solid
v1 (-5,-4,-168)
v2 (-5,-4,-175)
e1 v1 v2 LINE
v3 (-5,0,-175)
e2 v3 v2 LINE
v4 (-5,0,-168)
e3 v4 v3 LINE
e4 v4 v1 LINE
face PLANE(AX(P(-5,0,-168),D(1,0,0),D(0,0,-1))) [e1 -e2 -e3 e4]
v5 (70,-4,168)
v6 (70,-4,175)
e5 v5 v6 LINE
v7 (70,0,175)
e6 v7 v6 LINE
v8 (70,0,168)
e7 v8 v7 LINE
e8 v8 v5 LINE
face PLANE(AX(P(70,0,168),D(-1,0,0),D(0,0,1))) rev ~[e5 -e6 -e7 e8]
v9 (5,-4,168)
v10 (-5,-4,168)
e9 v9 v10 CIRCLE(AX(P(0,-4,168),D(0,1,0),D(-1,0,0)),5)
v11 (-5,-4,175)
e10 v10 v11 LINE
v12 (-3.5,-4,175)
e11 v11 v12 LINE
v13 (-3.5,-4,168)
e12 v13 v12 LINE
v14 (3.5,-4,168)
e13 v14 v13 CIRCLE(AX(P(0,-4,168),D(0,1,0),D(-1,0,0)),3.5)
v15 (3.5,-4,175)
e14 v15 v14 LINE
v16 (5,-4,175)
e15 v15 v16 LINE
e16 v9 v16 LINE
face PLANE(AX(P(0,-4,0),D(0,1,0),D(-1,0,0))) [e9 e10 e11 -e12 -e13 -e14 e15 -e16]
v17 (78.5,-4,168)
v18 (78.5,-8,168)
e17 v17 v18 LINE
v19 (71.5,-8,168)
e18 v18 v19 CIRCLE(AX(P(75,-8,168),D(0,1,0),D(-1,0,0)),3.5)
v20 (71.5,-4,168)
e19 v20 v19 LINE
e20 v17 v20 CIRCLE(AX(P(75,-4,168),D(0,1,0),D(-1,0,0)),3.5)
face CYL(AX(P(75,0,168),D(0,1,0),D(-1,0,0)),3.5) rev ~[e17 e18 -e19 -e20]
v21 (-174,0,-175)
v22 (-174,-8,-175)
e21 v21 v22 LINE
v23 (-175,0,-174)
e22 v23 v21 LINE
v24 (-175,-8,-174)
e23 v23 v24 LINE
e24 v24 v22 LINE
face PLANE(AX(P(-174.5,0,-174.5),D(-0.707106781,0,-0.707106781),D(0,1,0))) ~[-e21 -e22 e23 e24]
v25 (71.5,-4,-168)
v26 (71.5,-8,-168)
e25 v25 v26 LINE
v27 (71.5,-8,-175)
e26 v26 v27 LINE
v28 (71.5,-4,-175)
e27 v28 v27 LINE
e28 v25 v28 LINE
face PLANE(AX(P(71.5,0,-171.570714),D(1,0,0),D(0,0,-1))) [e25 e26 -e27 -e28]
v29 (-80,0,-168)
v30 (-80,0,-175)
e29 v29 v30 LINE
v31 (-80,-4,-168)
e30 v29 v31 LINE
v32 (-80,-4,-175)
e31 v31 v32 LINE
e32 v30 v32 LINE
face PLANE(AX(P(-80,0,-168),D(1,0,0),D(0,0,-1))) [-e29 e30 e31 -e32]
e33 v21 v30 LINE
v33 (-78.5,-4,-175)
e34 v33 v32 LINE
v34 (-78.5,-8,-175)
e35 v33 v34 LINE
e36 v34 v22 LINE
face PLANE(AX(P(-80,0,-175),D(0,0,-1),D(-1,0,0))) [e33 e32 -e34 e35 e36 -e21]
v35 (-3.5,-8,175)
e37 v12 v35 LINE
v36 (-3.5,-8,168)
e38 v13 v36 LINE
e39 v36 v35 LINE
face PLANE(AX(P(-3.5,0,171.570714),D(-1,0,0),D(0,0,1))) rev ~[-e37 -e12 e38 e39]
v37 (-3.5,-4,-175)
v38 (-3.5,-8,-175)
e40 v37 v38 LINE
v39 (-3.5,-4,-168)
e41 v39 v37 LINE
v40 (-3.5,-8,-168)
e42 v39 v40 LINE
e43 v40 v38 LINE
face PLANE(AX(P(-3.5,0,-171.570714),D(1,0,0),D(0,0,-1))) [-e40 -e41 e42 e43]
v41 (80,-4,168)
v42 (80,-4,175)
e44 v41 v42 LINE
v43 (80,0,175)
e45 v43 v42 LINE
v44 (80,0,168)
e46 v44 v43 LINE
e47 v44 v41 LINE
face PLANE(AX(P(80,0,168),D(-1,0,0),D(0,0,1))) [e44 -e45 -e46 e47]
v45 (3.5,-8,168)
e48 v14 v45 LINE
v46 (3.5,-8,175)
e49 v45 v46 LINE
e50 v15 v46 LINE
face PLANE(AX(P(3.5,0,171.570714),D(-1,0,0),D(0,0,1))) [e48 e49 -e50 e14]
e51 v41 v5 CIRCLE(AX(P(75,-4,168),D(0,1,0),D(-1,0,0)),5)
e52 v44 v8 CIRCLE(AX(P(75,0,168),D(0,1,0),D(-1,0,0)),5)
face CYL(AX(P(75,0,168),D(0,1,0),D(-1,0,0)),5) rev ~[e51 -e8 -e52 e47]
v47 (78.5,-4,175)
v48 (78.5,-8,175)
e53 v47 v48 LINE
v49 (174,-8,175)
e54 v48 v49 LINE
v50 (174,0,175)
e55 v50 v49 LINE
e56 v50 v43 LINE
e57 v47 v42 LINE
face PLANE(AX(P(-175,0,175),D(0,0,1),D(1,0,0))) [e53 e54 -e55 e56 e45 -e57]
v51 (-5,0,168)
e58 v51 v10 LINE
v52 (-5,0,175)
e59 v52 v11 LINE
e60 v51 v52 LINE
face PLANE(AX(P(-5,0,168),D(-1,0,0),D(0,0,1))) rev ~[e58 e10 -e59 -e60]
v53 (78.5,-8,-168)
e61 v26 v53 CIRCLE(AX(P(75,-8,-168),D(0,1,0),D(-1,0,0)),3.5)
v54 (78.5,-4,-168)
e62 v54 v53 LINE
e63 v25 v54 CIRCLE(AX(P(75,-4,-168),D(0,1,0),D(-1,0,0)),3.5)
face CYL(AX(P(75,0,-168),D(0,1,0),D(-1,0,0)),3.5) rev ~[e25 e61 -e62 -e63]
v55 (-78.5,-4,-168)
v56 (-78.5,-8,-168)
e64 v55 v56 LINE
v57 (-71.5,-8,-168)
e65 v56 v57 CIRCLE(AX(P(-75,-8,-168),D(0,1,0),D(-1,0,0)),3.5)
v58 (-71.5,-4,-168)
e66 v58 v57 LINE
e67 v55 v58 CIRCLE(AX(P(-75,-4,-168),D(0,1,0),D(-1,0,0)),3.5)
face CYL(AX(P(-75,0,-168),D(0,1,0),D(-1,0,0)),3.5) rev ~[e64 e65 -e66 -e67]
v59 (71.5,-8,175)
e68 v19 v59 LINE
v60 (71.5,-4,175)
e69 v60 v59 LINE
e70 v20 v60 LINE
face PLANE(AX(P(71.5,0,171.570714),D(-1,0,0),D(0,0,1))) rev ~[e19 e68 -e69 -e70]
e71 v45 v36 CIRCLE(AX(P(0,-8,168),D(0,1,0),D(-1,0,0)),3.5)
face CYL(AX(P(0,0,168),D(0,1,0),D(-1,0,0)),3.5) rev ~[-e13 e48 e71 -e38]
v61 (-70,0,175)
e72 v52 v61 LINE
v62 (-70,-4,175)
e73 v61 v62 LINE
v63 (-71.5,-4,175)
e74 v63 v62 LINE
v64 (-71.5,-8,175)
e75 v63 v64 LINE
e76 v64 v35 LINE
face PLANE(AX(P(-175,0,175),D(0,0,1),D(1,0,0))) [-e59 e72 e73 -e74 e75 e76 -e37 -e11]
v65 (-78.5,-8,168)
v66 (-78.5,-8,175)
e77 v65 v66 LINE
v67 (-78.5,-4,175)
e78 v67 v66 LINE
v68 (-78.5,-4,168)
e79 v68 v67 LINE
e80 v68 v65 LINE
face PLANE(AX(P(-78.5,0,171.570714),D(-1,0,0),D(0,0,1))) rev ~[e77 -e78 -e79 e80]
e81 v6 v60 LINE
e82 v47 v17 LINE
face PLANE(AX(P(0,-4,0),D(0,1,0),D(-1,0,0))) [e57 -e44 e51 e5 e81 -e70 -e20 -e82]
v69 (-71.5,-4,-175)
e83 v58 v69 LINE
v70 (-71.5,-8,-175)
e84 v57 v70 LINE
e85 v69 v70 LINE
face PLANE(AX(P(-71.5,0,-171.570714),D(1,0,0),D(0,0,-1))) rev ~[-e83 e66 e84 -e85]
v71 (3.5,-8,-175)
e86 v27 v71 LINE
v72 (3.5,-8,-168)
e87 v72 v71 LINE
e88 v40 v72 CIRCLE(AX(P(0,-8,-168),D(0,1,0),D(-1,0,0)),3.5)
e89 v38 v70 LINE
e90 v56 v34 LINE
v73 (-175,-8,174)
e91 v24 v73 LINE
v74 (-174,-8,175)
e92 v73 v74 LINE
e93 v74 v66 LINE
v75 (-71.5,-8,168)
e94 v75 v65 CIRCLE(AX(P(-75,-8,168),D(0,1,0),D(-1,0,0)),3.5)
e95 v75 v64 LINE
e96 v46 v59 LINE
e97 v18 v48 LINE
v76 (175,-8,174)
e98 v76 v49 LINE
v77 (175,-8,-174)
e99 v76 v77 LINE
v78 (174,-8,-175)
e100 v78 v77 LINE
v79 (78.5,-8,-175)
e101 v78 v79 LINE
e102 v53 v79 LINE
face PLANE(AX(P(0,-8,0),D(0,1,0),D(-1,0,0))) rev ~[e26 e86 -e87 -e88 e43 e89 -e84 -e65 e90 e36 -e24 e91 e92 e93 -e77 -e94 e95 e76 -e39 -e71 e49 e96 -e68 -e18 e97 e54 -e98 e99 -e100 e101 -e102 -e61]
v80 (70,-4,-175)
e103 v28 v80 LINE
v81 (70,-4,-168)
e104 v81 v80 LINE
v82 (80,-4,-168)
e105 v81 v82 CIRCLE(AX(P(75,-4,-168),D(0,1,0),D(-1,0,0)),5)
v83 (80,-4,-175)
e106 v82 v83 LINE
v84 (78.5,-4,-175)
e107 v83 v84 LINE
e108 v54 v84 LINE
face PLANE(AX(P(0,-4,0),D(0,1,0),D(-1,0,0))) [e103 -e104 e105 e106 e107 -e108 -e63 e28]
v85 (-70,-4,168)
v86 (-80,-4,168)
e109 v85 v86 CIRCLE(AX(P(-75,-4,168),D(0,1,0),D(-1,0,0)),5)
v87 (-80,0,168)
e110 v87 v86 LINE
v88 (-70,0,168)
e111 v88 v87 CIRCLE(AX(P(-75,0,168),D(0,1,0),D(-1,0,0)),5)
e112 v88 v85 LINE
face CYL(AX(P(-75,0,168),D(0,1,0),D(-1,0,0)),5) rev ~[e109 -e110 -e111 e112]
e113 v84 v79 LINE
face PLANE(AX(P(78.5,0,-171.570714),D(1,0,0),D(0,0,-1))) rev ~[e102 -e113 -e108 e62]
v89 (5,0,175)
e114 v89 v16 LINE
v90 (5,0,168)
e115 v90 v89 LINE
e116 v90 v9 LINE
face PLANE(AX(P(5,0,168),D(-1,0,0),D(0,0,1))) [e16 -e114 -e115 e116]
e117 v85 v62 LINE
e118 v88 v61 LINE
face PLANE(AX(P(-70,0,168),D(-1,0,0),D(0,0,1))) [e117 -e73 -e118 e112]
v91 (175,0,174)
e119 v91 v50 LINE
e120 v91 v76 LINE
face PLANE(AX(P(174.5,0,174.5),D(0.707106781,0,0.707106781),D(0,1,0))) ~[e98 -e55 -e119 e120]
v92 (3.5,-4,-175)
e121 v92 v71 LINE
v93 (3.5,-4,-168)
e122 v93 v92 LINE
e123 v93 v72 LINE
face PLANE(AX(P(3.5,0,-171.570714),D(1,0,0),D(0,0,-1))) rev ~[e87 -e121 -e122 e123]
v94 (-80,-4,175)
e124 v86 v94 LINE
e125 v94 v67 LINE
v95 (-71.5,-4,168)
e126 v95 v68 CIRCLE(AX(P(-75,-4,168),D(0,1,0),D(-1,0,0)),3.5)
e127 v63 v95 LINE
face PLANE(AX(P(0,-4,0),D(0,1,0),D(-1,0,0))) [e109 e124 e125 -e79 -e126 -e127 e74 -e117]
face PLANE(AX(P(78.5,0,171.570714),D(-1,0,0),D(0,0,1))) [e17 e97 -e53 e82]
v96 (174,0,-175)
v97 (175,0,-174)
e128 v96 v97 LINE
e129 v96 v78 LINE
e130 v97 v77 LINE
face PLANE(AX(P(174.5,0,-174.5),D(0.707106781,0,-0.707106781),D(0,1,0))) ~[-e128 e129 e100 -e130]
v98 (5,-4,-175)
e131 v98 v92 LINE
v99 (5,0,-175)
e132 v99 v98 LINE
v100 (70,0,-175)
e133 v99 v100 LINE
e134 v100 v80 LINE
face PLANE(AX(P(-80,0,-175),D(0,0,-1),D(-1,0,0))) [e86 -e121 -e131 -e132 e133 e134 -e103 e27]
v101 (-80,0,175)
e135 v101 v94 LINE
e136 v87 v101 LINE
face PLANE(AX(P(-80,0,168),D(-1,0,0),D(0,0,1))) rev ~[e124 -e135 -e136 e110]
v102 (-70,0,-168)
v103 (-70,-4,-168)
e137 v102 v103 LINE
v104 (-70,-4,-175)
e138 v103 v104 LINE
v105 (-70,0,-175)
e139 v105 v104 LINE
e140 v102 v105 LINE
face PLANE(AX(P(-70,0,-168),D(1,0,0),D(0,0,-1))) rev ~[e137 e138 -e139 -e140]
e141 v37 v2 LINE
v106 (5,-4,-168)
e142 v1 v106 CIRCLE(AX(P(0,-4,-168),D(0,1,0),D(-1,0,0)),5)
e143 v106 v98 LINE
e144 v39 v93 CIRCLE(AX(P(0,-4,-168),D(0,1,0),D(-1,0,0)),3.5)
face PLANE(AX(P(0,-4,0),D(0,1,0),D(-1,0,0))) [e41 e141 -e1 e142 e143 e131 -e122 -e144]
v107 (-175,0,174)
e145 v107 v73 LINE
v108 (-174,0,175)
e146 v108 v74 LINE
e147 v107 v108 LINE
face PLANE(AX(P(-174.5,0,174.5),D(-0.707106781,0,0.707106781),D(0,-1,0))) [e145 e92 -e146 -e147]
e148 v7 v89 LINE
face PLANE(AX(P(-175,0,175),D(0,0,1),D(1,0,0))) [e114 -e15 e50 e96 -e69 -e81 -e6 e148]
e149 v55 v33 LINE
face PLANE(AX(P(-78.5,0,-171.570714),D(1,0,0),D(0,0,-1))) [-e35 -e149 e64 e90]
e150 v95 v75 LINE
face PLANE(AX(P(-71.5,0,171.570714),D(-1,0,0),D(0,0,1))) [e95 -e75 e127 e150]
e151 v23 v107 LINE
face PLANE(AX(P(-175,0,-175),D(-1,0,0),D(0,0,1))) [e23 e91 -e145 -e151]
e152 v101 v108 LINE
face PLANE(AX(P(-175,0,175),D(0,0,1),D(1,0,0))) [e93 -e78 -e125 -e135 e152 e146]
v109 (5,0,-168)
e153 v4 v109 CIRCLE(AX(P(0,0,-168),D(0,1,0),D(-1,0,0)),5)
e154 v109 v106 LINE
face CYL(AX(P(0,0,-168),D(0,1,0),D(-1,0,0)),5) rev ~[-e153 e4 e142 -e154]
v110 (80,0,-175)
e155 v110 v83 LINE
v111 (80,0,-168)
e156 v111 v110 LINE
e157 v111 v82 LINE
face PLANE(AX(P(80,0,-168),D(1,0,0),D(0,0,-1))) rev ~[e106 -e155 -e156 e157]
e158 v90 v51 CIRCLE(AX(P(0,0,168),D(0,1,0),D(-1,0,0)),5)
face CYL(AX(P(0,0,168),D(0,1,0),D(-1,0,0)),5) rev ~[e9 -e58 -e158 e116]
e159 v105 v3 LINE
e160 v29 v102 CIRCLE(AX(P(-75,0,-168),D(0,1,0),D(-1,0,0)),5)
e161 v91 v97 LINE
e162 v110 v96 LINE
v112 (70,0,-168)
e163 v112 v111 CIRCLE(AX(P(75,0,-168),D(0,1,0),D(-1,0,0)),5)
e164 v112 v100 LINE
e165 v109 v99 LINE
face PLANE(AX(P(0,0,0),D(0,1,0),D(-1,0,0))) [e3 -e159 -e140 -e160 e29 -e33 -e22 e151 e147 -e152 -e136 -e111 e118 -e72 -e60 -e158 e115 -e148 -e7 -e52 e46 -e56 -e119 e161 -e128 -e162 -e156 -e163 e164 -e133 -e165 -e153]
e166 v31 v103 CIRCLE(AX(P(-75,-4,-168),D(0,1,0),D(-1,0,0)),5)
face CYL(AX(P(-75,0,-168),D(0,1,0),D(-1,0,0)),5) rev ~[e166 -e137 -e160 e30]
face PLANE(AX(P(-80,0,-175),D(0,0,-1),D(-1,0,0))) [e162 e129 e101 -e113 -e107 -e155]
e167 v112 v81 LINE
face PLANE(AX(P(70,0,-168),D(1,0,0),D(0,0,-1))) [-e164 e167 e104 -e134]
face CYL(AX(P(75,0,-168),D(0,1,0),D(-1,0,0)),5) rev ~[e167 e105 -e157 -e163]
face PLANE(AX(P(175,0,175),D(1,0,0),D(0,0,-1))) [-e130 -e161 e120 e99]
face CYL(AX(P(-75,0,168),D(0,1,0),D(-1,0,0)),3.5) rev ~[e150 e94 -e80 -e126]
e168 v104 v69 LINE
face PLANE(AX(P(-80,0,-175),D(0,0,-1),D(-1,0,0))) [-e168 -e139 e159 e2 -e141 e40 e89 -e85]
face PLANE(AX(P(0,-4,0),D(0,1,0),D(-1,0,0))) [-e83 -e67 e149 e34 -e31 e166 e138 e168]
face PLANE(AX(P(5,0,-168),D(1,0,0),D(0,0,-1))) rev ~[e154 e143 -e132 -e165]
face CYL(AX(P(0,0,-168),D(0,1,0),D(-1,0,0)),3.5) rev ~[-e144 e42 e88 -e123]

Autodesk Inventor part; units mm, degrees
ref_plane "YZ Plane" through (0, 0, 0) normal (1, 0, 0) x (0, 1, 0)
ref_plane "XZ Plane" through (0, 0, 0) normal (0, 1, 0) x (-1, 0, 0)
ref_plane "XY Plane" through (0, 0, 0) normal (0, 0, 1) x (1, 0, 0)
sketch "Skizze1" plane through (0, 0, 0) normal (0, 1, 0) x (-1, 0, 0)
  line L0 (175, 175) -> (-175, 175)
  line L1 (-175, 175) -> (-175, -175)
  line L2 (-175, -175) -> (175, -175)
  line L3 (175, -175) -> (175, 175)
  line L4 (175, 175) -> (-175, -175) construction
  line L5 (-175, 175) -> (175, -175) construction
  circle A0 centre (75, -168) radius 3.5
  line L6 (78.5, -168) -> (78.5, -175)
  line L7 (71.5, -168) -> (71.5, -175)
  circle A1 centre (-75, -168) radius 3.5
  line L8 (-71.5, -168) -> (-71.5, -175)
  line L9 (-78.5, -168) -> (-78.5, -175)
  circle A2 centre (0, -168) radius 3.5
  line L10 (3.5, -168) -> (3.5, -175)
  line L11 (-3.5, -168) -> (-3.5, -175)
  line L12 (245, 0) -> (-245, 0) construction
  line L13 (0, -245) -> (0, 245) construction
  circle A3 centre (0, -168) radius 5
  line L14 (5, -168) -> (5, -175)
  line L15 (-5, -168) -> (-5, -175)
  line L16 (3.5, -175) -> (-3.5, -175)
  line L17 (-5, -175) -> (5, -175)
  circle A4 centre (75, -168) radius 5
  circle A5 centre (-75, -168) radius 5
  line L18 (80, -168) -> (80, -175)
  line L19 (70, -168) -> (70, -175)
  line L20 (78.5, -175) -> (71.5, -175)
  line L21 (70, -175) -> (80, -175)
  line L22 (-80, -168) -> (-80, -175)
  line L23 (-70, -168) -> (-70, -175)
  line L24 (-70, -175) -> (-80, -175)
  line L25 (-78.5, -175) -> (-71.5, -175)
  circle A6 centre (75, 168) radius 3.5
  line L26 (78.5, 168) -> (78.5, 175)
  line L27 (71.5, 168) -> (71.5, 175)
  circle A7 centre (-75, 168) radius 3.5
  line L28 (-71.5, 168) -> (-71.5, 175)
  line L29 (-78.5, 168) -> (-78.5, 175)
  circle A8 centre (0, 168) radius 3.5
  line L30 (3.5, 168) -> (3.5, 175)
  line L31 (-3.5, 168) -> (-3.5, 175)
  circle A9 centre (0, 168) radius 5
  line L32 (5, 168) -> (5, 175)
  line L33 (-5, 168) -> (-5, 175)
  line L34 (3.5, 175) -> (-3.5, 175)
  line L35 (-5, 175) -> (5, 175)
  circle A10 centre (75, 168) radius 5
  circle A11 centre (-75, 168) radius 5
  line L36 (80, 168) -> (80, 175)
  line L37 (70, 168) -> (70, 175)
  line L38 (78.5, 175) -> (71.5, 175)
  line L39 (70, 175) -> (80, 175)
  line L40 (-80, 168) -> (-80, 175)
  line L41 (-70, 168) -> (-70, 175)
  line L42 (-70, 175) -> (-80, 175)
  line L43 (-78.5, 175) -> (-71.5, 175)
  point P0 (0, 0)
  dimension "d0" = 350
  dimension "d1" = 350
  dimension "d3" = 7
  dimension "d4" = 150
  dimension "d5" = 7
  dimension "d6" = 10
extrude "Extrusion1" add sketch "Skizze1" against normal blind 8
extrude "Extrusion2" cut sketch "Skizze1" against normal through all contours L26 A10 L27 L0 | L26 A6 L27 A10 | L2 L7 A4 L6 | A6 | A4 L7 A0 L6 | A0 | L30 A9 L31 L0 | L30 A8 L31 A9 | L2 L11 A3 L10 | A8 | A3 L11 A2 L10 | A2 | L28 A11 L29 L0 | L28 A7 L29 A11 | L2 L9 A5 L8 | A7 | A5 L9 A1 L8 | A1 picked at (75.1406, 172.4711) picked at (75.1406, -172.4711) picked at (-0.1406, 172.4711) picked at (0.1406, -172.4711) picked at (-74.8594, 172.4711) picked at (-74.8594, -172.4711)
extrude "Extrusion3" cut sketch "Skizze1" against normal blind 4 contours L36 A10 L26 L0 | A10 L27 A6 L26 | L2 L6 A4 L18 | L27 A10 L37 L0 | A4 L6 A0 L7 | L2 L19 A4 L7 | L32 A9 L30 L0 | A9 L31 A8 L30 | L2 L10 A3 L14 | L31 A9 L33 L0 | A3 L10 A2 L11 | L2 L15 A3 L11 | L41 A11 L28 L0 | A11 L29 A7 L28 | L2 L8 A5 L23 | L29 A11 L40 L0 | A5 L8 A1 L9 | L2 L22 A5 L9 picked at (71.2879, 170.1266) picked at (71.2879, -170.1266) picked at (3.7121, 170.1266) picked at (-3.7121, -170.1266) picked at (-78.7121, 170.1266) picked at (-78.7121, -170.1266)
chamfer "Fase1" distance 1 angle 45 4 edges at (-175, -4, 175) (175, -4, 175) (175, -4, -175) (-175, -4, -175)
properties part number "Heatbed" material "Aluminium 6061"
